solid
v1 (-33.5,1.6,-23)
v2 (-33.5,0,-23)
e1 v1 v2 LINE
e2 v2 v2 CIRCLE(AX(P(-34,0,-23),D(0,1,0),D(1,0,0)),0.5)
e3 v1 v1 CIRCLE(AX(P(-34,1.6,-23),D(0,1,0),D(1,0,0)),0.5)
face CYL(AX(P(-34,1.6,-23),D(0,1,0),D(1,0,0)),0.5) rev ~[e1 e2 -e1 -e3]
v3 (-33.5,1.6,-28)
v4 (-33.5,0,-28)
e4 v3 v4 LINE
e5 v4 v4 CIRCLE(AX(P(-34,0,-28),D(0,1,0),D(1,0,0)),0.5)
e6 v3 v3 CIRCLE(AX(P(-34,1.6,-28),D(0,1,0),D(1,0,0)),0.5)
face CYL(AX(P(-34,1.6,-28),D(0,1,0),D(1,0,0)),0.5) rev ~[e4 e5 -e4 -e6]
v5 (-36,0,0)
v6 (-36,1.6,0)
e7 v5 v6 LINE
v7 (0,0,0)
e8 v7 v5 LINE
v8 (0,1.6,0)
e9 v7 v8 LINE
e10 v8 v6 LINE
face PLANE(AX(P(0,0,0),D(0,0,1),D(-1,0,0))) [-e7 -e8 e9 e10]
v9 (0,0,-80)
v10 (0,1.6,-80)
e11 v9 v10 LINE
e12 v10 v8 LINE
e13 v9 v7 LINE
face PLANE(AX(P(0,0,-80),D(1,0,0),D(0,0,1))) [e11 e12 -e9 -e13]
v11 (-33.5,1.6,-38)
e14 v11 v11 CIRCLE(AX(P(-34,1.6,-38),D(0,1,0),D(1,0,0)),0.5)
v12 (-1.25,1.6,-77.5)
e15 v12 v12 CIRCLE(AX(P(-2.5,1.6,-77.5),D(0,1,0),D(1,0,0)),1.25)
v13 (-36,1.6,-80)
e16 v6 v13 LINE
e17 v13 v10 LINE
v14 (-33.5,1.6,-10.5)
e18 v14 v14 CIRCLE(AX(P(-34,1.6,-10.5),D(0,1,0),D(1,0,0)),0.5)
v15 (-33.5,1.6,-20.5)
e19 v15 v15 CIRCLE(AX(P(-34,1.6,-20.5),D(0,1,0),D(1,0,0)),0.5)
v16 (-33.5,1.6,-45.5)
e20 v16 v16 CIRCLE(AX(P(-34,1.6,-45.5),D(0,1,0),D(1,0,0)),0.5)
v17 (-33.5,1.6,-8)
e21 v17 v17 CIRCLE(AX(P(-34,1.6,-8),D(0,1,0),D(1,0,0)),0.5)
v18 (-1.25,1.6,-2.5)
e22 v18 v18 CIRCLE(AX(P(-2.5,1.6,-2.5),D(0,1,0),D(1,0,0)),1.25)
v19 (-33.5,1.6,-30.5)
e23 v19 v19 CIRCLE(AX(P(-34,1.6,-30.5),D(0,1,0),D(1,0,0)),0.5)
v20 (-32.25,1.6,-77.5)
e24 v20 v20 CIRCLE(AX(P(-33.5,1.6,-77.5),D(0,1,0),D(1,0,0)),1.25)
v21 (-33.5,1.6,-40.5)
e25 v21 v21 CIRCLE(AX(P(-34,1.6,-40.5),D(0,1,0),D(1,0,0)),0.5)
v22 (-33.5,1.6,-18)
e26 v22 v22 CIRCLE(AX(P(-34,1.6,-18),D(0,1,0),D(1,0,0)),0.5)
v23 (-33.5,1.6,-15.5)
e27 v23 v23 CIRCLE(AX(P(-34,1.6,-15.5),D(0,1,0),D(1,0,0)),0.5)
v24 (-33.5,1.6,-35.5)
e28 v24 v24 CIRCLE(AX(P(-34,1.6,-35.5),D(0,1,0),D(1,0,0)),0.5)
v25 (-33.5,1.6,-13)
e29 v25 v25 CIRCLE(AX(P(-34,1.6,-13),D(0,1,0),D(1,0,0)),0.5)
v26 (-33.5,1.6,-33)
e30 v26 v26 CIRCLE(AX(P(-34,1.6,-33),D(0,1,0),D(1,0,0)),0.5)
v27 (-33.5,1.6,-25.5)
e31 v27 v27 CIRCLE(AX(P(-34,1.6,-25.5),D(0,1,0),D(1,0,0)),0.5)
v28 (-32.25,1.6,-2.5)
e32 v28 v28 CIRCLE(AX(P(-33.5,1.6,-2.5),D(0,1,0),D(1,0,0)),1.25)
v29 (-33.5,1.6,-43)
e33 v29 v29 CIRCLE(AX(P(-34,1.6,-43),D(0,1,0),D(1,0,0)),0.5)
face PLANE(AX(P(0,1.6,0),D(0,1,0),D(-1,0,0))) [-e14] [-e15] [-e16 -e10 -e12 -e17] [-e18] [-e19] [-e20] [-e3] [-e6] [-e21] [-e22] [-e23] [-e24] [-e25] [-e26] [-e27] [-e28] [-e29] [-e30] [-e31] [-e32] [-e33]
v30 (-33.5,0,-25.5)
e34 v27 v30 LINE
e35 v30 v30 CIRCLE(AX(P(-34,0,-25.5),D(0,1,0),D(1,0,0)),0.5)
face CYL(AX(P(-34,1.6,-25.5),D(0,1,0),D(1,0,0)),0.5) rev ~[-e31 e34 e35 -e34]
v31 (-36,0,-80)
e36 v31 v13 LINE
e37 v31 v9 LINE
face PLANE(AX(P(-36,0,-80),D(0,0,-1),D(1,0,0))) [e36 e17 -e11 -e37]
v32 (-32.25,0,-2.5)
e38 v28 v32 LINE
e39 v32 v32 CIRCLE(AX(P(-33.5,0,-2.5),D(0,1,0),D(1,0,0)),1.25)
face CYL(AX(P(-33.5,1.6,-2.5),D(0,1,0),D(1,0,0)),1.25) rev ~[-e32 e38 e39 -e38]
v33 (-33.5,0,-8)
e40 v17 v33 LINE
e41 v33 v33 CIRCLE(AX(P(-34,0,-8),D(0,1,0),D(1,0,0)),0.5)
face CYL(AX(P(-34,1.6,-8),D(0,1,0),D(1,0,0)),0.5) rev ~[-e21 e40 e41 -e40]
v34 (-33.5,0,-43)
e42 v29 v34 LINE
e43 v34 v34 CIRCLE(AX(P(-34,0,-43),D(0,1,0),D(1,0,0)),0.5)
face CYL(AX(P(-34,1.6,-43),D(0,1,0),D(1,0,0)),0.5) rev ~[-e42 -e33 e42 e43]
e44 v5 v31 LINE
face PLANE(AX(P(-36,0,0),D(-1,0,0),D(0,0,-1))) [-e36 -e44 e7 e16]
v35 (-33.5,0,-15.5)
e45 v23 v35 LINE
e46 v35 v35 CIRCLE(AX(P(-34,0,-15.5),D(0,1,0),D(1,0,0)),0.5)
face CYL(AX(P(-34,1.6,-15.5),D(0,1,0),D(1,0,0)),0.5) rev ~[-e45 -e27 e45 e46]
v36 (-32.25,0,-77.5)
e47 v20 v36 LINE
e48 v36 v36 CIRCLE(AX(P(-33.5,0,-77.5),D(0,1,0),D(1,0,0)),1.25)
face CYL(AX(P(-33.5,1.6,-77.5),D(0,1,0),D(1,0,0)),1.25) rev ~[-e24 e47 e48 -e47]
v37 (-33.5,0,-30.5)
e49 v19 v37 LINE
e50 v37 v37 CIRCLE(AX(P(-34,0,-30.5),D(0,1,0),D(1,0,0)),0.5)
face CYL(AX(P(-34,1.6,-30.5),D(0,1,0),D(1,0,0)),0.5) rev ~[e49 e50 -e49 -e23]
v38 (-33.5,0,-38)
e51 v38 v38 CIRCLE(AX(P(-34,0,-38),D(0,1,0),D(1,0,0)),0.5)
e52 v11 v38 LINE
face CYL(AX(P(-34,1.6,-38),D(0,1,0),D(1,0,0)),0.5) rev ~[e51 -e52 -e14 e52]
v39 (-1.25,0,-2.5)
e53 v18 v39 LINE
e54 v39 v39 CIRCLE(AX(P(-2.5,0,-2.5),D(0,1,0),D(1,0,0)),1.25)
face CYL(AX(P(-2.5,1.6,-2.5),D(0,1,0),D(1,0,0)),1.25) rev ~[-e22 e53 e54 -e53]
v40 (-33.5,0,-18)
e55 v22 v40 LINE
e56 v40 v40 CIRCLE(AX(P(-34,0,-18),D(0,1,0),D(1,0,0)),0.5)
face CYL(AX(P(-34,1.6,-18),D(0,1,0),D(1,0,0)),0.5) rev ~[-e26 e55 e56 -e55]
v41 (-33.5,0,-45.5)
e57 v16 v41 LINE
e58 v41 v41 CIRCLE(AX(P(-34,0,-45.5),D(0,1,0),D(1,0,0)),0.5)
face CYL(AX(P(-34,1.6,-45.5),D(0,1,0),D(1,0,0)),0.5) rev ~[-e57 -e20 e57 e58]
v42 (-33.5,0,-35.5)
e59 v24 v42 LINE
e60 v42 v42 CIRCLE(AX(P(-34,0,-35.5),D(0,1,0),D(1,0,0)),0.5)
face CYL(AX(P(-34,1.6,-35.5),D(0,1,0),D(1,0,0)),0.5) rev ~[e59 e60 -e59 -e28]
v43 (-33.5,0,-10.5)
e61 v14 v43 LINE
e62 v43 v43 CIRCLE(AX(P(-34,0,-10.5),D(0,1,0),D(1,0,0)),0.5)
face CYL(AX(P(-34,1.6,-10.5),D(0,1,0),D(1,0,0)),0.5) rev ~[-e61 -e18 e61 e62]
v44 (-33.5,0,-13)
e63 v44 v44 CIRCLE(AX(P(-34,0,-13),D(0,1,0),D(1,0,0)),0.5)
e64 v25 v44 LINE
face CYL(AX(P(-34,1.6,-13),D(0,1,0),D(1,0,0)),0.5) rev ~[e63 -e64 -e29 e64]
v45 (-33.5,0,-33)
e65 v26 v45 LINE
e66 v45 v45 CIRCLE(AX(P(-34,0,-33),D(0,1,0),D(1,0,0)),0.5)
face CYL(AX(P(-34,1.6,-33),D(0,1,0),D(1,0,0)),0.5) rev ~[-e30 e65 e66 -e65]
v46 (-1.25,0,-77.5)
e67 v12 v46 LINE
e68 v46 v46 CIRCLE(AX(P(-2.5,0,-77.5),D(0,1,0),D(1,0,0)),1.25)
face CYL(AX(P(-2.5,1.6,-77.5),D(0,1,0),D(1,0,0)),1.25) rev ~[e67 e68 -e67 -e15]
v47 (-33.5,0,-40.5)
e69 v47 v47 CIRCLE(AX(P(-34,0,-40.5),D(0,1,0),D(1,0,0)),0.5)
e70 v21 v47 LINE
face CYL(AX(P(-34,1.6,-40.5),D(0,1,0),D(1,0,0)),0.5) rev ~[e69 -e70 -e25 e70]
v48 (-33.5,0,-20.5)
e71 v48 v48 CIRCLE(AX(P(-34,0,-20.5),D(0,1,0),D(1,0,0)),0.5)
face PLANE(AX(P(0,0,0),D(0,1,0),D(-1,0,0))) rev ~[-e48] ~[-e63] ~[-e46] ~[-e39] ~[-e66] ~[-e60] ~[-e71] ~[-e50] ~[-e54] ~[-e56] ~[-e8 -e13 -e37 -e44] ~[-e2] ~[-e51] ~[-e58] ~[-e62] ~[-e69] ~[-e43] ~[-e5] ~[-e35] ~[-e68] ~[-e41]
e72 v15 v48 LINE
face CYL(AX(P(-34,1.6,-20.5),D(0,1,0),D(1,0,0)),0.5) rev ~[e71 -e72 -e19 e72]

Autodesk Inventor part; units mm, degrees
ref_plane "YZ Plane" through (0, 0, 0) normal (1, 0, 0) x (0, 1, 0)
ref_plane "XZ Plane" through (0, 0, 0) normal (0, 1, 0) x (-1, 0, 0)
ref_plane "XY Plane" through (0, 0, 0) normal (0, 0, 1) x (1, 0, 0)
sketch "Sketch1" plane through (0, 0, 0) normal (0, 1, 0) x (-1, 0, 0)
  line L0 (0, 0) -> (36, 0)
  line L1 (36, 0) -> (36, -80)
  line L2 (36, -80) -> (0, -80)
  line L3 (0, -80) -> (0, 0)
  dimension "d0" = 80
  dimension "d1" = 36
extrude "Extrusion1" add sketch "Sketch1" along normal blind 1.6
sketch "Sketch2" plane through (0, 1.6, 0) normal (0, 1, 0) x (1, 0, 0)
  line L0 (-36, 80) -> (-36, 0) projected
  line L1 (-36, 2.5) -> (0, 2.5) construction
  line L2 (0, 0) -> (0, 80) projected
  line L3 (-36, 77.5) -> (0, 77.5) construction
  line L4 (-33.5, 47.8636) -> (-33.5, 0) construction
  line L5 (-36, 0) -> (0, 0) projected
  line L6 (-2.5, 0) -> (-2.5, 80) construction
  line L7 (0, 80) -> (-36, 80) projected
  circle A0 centre (-33.5, 2.5) radius 1.25
  circle A1 centre (-2.5, 2.5) radius 1.25
  circle A2 centre (-33.5, 77.5) radius 1.25
  circle A3 centre (-2.5, 77.5) radius 1.25
  dimension "d4" = 2.5
  dimension "d5" = 2.5
  dimension "d6" = 2.5
  dimension "d7" = 2.5
  dimension "d8" = 2.5
extrude "Extrusion2" cut sketch "Sketch2" against normal up to next contours A0 | A1 | A2 | A3
sketch "Sketch3" plane through (0, 1.6, 0) normal (0, 1, 0) x (1, 0, 0)
  line L0 (0, 0) -> (-36, 0) projected
  line L1 (-34, 0) -> (-34, 80) construction
  line L2 (-36, 80) -> (0, 80) projected
  line L3 (-36, 80) -> (-36, 0) projected
  circle A0 centre (-34, 8) radius 0.5
  circle A1 centre (-34, 10.5) radius 0.5
  circle A2 centre (-34, 13) radius 0.5
  circle A3 centre (-34, 15.5) radius 0.5
  circle A4 centre (-34, 18) radius 0.5
  circle A5 centre (-34, 20.5) radius 0.5
  circle A6 centre (-34, 23) radius 0.5
  circle A7 centre (-34, 25.5) radius 0.5
  circle A8 centre (-34, 28) radius 0.5
  circle A9 centre (-34, 30.5) radius 0.5
  circle A10 centre (-34, 33) radius 0.5
  circle A11 centre (-34, 35.5) radius 0.5
  circle A12 centre (-34, 38) radius 0.5
  circle A13 centre (-34, 40.5) radius 0.5
  circle A14 centre (-34, 43) radius 0.5
  circle A15 centre (-34, 45.5) radius 0.5
  dimension "d11" = 2
  dimension "d12" = 1
  dimension "d13" = 8
  dimension "d16" = 2.5
extrude "Extrusion3" cut sketch "Sketch3" against normal up to next
properties part number "PCB"
